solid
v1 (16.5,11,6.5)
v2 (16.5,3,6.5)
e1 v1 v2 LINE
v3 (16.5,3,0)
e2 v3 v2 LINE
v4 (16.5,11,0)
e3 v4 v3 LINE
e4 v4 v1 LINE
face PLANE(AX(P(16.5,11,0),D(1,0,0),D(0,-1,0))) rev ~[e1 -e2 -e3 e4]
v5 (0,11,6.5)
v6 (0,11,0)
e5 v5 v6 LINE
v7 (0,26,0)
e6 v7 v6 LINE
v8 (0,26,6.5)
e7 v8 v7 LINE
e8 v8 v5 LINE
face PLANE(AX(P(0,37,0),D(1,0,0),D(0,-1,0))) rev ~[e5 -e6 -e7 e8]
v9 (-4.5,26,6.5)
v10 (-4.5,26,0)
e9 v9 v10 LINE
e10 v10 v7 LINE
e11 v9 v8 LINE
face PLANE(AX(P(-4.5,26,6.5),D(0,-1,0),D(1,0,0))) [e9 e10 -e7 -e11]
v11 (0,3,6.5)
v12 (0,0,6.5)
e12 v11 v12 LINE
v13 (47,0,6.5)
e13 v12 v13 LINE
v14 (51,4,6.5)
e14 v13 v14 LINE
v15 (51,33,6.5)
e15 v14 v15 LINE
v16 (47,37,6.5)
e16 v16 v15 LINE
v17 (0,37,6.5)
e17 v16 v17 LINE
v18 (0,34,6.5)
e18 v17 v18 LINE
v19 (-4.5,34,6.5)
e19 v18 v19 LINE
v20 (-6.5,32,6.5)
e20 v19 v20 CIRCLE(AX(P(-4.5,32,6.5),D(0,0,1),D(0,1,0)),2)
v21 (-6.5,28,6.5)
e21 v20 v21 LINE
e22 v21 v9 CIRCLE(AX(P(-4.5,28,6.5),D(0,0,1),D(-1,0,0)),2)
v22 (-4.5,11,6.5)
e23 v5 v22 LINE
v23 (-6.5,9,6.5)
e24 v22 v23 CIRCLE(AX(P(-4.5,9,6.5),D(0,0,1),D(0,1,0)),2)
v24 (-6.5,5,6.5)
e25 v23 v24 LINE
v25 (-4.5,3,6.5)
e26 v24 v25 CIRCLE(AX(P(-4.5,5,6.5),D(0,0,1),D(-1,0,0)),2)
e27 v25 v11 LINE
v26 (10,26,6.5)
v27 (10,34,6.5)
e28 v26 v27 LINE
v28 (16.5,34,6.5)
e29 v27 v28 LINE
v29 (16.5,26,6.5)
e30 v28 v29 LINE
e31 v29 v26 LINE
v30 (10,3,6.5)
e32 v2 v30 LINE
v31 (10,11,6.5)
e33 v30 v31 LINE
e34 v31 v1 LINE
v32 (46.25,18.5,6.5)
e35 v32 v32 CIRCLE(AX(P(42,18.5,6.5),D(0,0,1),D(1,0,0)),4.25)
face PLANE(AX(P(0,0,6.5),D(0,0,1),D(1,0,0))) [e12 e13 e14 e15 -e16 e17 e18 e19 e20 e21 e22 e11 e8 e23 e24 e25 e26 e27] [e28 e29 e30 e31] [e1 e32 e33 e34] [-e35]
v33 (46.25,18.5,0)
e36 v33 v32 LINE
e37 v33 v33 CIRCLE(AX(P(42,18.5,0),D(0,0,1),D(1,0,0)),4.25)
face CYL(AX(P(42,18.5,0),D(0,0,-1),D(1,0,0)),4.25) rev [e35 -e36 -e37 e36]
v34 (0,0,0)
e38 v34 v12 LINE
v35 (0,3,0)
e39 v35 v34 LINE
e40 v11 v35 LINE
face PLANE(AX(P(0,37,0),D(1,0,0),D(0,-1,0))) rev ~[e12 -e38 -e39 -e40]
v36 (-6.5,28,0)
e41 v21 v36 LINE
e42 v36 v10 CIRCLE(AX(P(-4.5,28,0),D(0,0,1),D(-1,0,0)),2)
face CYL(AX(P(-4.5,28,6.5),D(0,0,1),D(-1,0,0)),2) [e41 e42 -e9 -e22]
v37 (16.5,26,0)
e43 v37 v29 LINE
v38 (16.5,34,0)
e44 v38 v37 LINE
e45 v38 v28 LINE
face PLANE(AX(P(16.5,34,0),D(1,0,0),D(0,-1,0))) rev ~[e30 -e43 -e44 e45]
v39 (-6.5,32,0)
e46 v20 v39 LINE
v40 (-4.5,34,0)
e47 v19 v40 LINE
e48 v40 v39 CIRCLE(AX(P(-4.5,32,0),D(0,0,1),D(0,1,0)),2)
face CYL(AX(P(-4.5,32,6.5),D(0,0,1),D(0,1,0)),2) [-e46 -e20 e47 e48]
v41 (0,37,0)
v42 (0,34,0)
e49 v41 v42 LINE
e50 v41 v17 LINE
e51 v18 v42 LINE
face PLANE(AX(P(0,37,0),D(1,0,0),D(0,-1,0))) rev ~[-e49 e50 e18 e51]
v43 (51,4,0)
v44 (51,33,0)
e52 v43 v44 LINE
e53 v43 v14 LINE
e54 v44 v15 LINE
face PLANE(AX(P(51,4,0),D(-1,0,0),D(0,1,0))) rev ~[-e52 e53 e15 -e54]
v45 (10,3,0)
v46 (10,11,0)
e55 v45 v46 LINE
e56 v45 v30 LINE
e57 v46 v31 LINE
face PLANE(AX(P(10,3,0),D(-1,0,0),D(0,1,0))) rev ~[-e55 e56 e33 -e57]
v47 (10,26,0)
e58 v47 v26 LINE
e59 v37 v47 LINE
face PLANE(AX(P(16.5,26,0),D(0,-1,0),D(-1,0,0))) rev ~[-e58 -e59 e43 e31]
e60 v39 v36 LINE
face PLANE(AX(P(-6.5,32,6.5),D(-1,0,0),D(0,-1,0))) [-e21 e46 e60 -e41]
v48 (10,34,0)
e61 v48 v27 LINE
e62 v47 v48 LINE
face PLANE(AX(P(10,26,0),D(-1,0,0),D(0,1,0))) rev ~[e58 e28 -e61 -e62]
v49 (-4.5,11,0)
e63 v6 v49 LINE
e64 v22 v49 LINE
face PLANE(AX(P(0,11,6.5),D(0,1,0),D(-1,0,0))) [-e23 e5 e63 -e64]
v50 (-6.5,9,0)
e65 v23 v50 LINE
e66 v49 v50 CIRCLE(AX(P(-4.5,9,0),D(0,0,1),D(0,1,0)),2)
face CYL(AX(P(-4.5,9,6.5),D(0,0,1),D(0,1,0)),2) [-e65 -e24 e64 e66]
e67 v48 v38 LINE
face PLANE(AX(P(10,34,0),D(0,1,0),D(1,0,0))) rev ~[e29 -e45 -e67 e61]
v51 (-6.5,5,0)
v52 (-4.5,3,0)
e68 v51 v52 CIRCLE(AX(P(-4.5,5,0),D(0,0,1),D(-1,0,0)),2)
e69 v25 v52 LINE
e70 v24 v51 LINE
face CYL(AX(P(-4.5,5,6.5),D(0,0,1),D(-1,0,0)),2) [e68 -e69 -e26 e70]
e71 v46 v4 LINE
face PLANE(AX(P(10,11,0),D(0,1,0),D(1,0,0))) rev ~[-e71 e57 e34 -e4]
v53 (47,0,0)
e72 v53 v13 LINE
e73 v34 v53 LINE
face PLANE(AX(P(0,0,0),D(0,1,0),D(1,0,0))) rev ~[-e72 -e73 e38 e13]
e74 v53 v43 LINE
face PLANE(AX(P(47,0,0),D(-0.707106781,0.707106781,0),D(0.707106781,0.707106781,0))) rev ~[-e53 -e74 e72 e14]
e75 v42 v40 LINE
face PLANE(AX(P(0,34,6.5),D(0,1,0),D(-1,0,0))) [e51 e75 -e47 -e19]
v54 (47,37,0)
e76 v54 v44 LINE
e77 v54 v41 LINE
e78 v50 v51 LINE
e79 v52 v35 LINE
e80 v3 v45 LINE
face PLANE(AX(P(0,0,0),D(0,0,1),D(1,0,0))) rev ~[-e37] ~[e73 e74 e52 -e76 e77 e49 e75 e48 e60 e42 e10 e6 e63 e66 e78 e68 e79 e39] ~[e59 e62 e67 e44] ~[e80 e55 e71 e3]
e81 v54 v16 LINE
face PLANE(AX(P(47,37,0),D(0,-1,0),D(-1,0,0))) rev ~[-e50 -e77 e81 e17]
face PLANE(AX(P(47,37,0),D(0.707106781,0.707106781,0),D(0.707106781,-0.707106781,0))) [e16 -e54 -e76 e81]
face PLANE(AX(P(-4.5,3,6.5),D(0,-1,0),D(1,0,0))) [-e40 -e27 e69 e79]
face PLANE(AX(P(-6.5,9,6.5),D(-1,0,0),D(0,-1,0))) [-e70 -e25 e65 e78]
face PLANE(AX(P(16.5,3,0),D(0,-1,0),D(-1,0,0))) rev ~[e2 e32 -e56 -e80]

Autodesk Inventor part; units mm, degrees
ref_plane "YZ Plane" through (0, 0, 0) normal (1, 0, 0) x (0, 1, 0)
ref_plane "XZ Plane" through (0, 0, 0) normal (0, 1, 0) x (-1, 0, 0)
ref_plane "XY Plane" through (0, 0, 0) normal (0, 0, 1) x (1, 0, 0)
sketch "Sketch1" plane through (0, 0, 0) normal (0, 0, 1) x (1, 0, 0)
  line L0 (0, 0) -> (47, 0)
  line L1 (51, 4) -> (51, 33)
  line L2 (47, 37) -> (0, 37)
  line L3 (0, 37) -> (0, 0)
  circle A0 centre (42, 18.5) radius 4.25
  line L4 (47, 37) -> (51, 33)
  line L5 (47, 0) -> (51, 4)
  line L6 (10, 34) -> (16.5, 34)
  line L7 (16.5, 34) -> (16.5, 26)
  line L8 (16.5, 26) -> (10, 26)
  line L9 (10, 26) -> (10, 34)
  line L10 (10, 11) -> (16.5, 11)
  line L11 (16.5, 11) -> (16.5, 3)
  line L12 (16.5, 3) -> (10, 3)
  line L13 (10, 3) -> (10, 11)
  line L14 (10, 26) -> (16.5, 11) construction
  line L15 (10, 11) -> (16.5, 26) construction
  circle A1 centre (42, 18.5) radius 16 construction
  line L16 (24, 37) -> (24, 0) construction
  point P0 (51, 37)
  point P1 (51, 0)
  point P2 (0, 18.5)
  point P3 (13.25, 18.5)
  dimension "d0" = 4
  dimension "d1" = 4
  dimension "d2" = 4
  dimension "d3" = 4
  dimension "d4" = 8.5
  dimension "d5" = 37
  dimension "d6" = 6.5
  dimension "d7" = 8
  dimension "d8" = 8
  dimension "d9" = 15
  dimension "d10" = 10
  dimension "d11" = 32
  dimension "d12" = 9
  dimension "d14" = 24
  dimension "d24" = 42
extrude "Extrusion1" add sketch "Sketch1" along normal blind 6.5
sketch "Sketch2" plane through (0, 0, 6.5) normal (0, 0, 1) x (1, 0, 0)
  line L0 (16.5, 26) -> (10, 26) projected
  line L1 (0, 37) -> (0, 0) projected
  line L2 (0, 34) -> (-4.5, 34)
  line L3 (-6.5, 32) -> (-6.5, 28)
  line L4 (-4.5, 26) -> (0, 26)
  line L5 (0, 26) -> (0, 34)
  line L6 (0, 11) -> (-4.5, 11)
  line L7 (-6.5, 9) -> (-6.5, 5)
  line L8 (-4.5, 3) -> (0, 3)
  line L9 (0, 3) -> (0, 11)
  arc A0 (-4.5, 34) -> (-6.5, 32) centre (-4.5, 32) ccw
  arc A1 (-6.5, 28) -> (-4.5, 26) centre (-4.5, 28) ccw
  arc A2 (-4.5, 11) -> (-6.5, 9) centre (-4.5, 9) ccw
  arc A3 (-6.5, 5) -> (-4.5, 3) centre (-4.5, 5) ccw
  dimension "d17" = 2
  dimension "d18" = 6.5
  dimension "d19" = 8
  dimension "d20" = 8
  dimension "d21" = 15
extrude "Extrusion2" add sketch "Sketch2" against normal blind 6.5
equation "\"d1\" = d0"
equation "\"d2\" = d0"
equation "\"d3\" = d2"
properties part number "y_carriage_belt_iddler"
